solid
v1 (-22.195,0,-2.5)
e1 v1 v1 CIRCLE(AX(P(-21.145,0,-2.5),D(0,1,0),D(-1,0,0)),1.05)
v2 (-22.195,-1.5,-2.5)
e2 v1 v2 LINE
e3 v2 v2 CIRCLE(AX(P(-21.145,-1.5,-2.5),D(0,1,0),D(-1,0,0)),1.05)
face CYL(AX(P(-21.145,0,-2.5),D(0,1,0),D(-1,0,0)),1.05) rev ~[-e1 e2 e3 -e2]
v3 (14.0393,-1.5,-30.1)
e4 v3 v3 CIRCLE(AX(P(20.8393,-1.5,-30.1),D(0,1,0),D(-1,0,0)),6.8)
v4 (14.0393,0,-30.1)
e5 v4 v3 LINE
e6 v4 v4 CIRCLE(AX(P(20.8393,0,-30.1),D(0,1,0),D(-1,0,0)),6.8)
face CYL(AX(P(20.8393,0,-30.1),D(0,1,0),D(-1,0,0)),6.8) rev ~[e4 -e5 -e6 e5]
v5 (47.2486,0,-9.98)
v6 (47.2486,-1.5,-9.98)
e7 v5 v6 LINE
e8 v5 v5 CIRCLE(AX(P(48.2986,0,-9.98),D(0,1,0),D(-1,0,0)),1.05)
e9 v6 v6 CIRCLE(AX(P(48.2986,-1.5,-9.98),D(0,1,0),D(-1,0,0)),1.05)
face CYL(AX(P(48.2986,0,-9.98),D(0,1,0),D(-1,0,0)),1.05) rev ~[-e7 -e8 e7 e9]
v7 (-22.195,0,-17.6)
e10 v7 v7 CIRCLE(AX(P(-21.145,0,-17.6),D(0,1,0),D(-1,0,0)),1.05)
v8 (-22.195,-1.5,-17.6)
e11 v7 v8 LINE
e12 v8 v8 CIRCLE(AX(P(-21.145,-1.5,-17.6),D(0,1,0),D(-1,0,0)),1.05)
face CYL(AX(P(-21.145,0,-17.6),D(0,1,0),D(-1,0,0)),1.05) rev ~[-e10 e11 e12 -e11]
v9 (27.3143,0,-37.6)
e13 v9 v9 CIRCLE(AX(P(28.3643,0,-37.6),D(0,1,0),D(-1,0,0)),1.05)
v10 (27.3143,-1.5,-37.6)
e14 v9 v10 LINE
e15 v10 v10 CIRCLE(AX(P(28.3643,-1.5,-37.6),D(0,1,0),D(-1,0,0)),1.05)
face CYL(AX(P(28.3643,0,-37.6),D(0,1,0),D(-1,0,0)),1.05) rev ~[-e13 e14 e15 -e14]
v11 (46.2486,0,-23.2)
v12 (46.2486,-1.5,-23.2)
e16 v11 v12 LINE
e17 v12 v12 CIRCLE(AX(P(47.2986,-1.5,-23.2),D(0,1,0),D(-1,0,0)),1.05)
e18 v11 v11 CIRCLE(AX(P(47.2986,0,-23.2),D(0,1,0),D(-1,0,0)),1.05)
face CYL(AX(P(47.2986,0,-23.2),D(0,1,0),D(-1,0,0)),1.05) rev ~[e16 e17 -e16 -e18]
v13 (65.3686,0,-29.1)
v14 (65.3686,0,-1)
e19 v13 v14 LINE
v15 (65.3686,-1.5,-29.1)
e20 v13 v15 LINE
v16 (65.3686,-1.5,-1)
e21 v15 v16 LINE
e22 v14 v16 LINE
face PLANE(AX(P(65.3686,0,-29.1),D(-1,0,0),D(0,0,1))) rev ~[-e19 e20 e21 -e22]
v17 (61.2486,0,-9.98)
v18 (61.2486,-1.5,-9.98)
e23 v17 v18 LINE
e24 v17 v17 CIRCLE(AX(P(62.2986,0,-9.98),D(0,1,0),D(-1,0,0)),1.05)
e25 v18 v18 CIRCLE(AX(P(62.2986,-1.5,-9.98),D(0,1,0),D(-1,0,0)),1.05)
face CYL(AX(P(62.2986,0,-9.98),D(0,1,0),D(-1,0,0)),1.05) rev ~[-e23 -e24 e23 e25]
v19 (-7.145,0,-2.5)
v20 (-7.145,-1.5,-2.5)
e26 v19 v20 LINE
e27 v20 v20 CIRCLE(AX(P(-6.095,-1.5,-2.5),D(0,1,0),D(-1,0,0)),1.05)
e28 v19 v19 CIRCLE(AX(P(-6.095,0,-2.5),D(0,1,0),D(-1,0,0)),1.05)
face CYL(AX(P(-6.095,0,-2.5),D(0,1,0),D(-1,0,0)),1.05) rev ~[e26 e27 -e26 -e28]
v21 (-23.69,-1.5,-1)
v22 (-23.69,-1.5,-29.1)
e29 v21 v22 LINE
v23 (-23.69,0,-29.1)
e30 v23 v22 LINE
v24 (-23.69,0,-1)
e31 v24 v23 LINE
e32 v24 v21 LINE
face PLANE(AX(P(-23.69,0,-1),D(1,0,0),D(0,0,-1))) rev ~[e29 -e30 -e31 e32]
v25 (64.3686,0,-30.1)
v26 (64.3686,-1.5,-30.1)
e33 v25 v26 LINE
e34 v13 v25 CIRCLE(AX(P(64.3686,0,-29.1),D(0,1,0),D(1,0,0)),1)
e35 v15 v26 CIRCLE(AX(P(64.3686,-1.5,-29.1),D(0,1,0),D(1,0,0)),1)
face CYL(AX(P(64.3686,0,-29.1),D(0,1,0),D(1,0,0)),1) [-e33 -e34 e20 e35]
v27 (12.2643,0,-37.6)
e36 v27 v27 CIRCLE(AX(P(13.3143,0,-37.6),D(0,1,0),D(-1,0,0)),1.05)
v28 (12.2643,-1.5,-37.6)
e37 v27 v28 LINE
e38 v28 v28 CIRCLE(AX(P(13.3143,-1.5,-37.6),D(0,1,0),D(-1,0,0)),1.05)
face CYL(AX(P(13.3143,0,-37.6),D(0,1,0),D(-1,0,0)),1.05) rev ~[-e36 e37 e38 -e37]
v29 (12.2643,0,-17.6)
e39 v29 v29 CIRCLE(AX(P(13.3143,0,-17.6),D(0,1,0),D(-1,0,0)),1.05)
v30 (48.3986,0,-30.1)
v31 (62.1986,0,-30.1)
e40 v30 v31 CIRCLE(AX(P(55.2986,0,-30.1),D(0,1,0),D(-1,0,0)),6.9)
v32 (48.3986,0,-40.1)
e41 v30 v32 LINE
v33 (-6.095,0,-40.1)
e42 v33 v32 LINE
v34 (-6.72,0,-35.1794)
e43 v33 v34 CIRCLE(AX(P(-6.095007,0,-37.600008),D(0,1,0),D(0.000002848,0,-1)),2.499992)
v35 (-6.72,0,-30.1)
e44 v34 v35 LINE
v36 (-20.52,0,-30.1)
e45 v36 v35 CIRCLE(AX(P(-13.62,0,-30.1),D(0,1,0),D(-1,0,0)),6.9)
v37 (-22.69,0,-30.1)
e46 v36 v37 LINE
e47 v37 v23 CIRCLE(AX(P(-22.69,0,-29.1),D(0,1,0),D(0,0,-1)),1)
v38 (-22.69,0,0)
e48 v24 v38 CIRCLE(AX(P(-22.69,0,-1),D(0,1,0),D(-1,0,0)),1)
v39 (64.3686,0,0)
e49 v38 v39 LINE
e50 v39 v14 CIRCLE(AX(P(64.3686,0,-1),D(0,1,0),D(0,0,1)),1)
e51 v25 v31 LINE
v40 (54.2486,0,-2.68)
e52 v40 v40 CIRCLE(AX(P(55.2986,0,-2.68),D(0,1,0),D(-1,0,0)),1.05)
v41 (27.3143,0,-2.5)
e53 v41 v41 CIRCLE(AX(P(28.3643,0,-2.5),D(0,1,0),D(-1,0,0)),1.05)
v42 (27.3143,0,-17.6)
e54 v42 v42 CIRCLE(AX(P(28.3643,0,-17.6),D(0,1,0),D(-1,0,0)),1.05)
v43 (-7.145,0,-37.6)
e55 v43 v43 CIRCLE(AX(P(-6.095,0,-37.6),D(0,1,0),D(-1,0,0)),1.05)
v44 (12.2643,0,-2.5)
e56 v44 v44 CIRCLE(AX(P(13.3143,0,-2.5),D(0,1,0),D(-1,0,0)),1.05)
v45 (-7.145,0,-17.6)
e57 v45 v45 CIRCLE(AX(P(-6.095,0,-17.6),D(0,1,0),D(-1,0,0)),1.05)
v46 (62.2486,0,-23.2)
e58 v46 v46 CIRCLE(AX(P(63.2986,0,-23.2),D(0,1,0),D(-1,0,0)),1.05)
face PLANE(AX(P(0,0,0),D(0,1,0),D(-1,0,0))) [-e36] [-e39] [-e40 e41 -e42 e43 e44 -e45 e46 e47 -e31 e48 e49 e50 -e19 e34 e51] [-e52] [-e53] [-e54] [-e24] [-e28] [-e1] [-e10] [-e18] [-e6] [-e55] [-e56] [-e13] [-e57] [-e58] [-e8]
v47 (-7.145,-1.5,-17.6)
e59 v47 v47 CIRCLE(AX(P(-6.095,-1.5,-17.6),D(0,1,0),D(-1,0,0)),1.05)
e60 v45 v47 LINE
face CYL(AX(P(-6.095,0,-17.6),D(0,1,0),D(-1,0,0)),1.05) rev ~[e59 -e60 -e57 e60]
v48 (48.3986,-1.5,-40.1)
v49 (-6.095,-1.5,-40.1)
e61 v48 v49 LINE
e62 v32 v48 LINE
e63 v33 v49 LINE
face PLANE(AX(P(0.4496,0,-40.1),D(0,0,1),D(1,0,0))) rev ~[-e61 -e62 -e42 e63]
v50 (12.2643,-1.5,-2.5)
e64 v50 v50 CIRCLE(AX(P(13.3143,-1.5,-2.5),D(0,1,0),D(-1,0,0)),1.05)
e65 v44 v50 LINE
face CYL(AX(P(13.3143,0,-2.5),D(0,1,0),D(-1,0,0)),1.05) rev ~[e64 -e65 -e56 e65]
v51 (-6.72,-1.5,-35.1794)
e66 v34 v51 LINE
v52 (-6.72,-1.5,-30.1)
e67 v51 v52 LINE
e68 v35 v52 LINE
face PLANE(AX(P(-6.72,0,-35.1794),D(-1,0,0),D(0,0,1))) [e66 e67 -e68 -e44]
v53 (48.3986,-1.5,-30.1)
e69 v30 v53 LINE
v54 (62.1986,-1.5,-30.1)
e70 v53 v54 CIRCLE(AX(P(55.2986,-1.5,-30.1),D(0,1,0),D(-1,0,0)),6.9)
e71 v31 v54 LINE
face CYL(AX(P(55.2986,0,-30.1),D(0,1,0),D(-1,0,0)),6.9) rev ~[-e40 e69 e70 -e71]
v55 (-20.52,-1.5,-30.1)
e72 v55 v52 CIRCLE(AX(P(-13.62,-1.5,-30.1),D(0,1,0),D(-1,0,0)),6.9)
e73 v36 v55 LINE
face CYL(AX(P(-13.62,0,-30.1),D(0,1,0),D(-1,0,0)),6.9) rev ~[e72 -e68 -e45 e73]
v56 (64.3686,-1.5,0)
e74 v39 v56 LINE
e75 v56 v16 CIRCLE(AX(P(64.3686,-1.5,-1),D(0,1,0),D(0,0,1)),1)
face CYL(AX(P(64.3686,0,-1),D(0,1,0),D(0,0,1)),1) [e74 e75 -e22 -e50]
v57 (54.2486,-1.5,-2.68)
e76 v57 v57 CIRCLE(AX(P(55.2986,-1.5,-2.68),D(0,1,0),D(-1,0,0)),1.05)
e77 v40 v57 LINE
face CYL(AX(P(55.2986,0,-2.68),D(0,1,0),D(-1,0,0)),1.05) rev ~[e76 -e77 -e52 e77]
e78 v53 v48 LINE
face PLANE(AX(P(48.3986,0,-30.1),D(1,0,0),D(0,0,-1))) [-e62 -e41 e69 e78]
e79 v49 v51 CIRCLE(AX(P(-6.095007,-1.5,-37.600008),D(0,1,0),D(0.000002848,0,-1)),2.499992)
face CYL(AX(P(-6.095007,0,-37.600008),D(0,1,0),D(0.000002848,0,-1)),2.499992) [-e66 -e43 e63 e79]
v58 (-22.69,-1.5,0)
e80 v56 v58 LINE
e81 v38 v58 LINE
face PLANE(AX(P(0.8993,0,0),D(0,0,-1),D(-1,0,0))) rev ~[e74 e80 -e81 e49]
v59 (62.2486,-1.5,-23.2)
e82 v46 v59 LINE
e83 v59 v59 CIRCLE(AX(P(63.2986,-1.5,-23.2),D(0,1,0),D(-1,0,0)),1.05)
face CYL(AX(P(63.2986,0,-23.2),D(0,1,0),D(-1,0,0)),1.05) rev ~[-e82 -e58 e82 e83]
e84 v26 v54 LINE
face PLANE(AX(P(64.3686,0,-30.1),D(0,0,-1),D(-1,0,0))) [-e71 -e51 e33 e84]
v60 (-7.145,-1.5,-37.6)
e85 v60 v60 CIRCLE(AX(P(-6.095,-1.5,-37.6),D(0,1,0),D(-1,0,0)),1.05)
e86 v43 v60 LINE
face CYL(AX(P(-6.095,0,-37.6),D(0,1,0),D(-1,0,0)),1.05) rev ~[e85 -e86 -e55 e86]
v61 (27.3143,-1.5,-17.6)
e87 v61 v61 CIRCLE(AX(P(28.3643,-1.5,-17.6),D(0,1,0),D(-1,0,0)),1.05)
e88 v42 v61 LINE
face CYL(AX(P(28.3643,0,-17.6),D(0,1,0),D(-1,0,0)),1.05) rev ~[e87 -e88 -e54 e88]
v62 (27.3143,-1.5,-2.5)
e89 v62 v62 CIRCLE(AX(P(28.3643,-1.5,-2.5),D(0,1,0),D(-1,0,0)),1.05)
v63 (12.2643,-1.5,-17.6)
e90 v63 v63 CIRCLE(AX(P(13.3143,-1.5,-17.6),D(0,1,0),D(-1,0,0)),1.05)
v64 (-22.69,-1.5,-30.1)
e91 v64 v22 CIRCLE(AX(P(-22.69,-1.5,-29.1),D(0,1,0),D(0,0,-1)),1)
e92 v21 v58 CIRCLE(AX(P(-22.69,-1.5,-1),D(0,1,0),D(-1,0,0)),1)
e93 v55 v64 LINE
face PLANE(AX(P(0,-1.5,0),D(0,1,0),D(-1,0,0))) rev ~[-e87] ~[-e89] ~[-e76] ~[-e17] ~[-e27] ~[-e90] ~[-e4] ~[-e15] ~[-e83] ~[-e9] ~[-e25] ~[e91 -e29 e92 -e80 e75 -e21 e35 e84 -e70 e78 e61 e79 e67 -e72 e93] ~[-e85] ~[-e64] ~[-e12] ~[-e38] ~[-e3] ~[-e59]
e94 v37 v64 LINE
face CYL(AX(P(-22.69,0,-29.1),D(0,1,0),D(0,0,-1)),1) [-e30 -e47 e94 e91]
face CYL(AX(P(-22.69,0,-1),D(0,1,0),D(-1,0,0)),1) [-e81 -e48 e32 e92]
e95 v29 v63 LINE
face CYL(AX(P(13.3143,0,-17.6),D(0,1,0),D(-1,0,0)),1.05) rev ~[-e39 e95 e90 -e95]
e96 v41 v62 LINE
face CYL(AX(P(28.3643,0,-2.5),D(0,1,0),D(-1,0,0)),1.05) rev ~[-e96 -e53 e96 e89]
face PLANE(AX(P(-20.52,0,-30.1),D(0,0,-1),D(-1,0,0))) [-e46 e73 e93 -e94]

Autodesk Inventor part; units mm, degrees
ref_plane "YZ Plane" through (0, 0, 0) normal (1, 0, 0) x (0, 1, 0)
ref_plane "XZ Plane" through (0, 0, 0) normal (0, 1, 0) x (-1, 0, 0)
ref_plane "XY Plane" through (0, 0, 0) normal (0, 0, 1) x (1, 0, 0)
sketch "Sketch1" plane through (0, 0, 0) normal (0, 1, 0) x (-1, 0, 0)
  line L0 (-0.4496, -40.1) -> (-0.4496, 0)
  line L1 (-41.2289, 0) -> (-41.2289, -40.1)
  circle A0 centre (-20.8393, -30.1) radius 6.8
  circle A1 centre (-13.3143, -37.6) radius 1.05
  circle A2 centre (-28.3643, -37.6) radius 1.05
  circle A3 centre (-13.3143, -17.6) radius 1.05
  circle A4 centre (-28.3643, -17.6) radius 1.05
  circle A5 centre (-13.3143, -2.5) radius 1.05
  circle A6 centre (-28.3643, -2.5) radius 1.05
  circle A7 centre (6.095, -37.6) radius 1.05
  circle A8 centre (21.145, -17.6) radius 1.05
  circle A9 centre (6.095, -17.6) radius 1.05
  circle A10 centre (21.145, -2.5) radius 1.05
  circle A11 centre (6.095, -2.5) radius 1.05
  circle A12 centre (-55.2986, -2.68) radius 1.05
  circle A13 centre (-62.2986, -9.98) radius 1.05
  circle A14 centre (-48.2986, -9.98) radius 1.05
  circle A15 centre (-63.2986, -23.2) radius 1.05
  circle A16 centre (-47.2986, -23.2) radius 1.05
  arc A17 (23.69, -1) -> (22.69, 0) centre (22.69, -1) ccw
  arc A18 (-64.3686, 0) -> (-65.3686, -1) centre (-64.3686, -1) ccw
  line L2 (-65.3686, -29.1) -> (-65.3686, -1)
  arc A19 (-65.3686, -29.1) -> (-64.3686, -30.1) centre (-64.3686, -29.1) ccw
  line L3 (-64.3686, -30.1) -> (-62.1986, -30.1)
  arc A20 (-48.3986, -30.1) -> (-62.1986, -30.1) centre (-55.2986, -30.1) ccw
  line L4 (-48.3986, -30.1) -> (-48.3986, -40.1)
  line L5 (6.095, -40.1) -> (-48.3986, -40.1)
  arc A21 (6.095, -40.1) -> (6.72, -35.1794) centre (6.095, -37.6) ccw
  line L6 (6.72, -35.1794) -> (6.72, -30.1)
  arc A22 (20.52, -30.1) -> (6.72, -30.1) centre (13.62, -30.1) ccw
  line L7 (20.52, -30.1) -> (22.69, -30.1)
  arc A23 (22.69, -30.1) -> (23.69, -29.1) centre (22.69, -29.1) ccw
  line L8 (23.69, -1) -> (23.69, -29.1)
  line L9 (-64.3686, 0) -> (22.69, 0)
  line L10 (-41.6786, -40.1) -> (-41.6786, 0)
  line L11 (-40.7793, 0) -> (-40.7793, -40.1)
  line L12 (-0.8993, -40.1) -> (-0.8993, 0)
  line L13 (0, 0) -> (0, -40.1)
  point P0 (0, 0)
extrude "Extrusion1" add sketch "Sketch1" against normal blind 1.5
properties part number "axis_5_top_frame"
